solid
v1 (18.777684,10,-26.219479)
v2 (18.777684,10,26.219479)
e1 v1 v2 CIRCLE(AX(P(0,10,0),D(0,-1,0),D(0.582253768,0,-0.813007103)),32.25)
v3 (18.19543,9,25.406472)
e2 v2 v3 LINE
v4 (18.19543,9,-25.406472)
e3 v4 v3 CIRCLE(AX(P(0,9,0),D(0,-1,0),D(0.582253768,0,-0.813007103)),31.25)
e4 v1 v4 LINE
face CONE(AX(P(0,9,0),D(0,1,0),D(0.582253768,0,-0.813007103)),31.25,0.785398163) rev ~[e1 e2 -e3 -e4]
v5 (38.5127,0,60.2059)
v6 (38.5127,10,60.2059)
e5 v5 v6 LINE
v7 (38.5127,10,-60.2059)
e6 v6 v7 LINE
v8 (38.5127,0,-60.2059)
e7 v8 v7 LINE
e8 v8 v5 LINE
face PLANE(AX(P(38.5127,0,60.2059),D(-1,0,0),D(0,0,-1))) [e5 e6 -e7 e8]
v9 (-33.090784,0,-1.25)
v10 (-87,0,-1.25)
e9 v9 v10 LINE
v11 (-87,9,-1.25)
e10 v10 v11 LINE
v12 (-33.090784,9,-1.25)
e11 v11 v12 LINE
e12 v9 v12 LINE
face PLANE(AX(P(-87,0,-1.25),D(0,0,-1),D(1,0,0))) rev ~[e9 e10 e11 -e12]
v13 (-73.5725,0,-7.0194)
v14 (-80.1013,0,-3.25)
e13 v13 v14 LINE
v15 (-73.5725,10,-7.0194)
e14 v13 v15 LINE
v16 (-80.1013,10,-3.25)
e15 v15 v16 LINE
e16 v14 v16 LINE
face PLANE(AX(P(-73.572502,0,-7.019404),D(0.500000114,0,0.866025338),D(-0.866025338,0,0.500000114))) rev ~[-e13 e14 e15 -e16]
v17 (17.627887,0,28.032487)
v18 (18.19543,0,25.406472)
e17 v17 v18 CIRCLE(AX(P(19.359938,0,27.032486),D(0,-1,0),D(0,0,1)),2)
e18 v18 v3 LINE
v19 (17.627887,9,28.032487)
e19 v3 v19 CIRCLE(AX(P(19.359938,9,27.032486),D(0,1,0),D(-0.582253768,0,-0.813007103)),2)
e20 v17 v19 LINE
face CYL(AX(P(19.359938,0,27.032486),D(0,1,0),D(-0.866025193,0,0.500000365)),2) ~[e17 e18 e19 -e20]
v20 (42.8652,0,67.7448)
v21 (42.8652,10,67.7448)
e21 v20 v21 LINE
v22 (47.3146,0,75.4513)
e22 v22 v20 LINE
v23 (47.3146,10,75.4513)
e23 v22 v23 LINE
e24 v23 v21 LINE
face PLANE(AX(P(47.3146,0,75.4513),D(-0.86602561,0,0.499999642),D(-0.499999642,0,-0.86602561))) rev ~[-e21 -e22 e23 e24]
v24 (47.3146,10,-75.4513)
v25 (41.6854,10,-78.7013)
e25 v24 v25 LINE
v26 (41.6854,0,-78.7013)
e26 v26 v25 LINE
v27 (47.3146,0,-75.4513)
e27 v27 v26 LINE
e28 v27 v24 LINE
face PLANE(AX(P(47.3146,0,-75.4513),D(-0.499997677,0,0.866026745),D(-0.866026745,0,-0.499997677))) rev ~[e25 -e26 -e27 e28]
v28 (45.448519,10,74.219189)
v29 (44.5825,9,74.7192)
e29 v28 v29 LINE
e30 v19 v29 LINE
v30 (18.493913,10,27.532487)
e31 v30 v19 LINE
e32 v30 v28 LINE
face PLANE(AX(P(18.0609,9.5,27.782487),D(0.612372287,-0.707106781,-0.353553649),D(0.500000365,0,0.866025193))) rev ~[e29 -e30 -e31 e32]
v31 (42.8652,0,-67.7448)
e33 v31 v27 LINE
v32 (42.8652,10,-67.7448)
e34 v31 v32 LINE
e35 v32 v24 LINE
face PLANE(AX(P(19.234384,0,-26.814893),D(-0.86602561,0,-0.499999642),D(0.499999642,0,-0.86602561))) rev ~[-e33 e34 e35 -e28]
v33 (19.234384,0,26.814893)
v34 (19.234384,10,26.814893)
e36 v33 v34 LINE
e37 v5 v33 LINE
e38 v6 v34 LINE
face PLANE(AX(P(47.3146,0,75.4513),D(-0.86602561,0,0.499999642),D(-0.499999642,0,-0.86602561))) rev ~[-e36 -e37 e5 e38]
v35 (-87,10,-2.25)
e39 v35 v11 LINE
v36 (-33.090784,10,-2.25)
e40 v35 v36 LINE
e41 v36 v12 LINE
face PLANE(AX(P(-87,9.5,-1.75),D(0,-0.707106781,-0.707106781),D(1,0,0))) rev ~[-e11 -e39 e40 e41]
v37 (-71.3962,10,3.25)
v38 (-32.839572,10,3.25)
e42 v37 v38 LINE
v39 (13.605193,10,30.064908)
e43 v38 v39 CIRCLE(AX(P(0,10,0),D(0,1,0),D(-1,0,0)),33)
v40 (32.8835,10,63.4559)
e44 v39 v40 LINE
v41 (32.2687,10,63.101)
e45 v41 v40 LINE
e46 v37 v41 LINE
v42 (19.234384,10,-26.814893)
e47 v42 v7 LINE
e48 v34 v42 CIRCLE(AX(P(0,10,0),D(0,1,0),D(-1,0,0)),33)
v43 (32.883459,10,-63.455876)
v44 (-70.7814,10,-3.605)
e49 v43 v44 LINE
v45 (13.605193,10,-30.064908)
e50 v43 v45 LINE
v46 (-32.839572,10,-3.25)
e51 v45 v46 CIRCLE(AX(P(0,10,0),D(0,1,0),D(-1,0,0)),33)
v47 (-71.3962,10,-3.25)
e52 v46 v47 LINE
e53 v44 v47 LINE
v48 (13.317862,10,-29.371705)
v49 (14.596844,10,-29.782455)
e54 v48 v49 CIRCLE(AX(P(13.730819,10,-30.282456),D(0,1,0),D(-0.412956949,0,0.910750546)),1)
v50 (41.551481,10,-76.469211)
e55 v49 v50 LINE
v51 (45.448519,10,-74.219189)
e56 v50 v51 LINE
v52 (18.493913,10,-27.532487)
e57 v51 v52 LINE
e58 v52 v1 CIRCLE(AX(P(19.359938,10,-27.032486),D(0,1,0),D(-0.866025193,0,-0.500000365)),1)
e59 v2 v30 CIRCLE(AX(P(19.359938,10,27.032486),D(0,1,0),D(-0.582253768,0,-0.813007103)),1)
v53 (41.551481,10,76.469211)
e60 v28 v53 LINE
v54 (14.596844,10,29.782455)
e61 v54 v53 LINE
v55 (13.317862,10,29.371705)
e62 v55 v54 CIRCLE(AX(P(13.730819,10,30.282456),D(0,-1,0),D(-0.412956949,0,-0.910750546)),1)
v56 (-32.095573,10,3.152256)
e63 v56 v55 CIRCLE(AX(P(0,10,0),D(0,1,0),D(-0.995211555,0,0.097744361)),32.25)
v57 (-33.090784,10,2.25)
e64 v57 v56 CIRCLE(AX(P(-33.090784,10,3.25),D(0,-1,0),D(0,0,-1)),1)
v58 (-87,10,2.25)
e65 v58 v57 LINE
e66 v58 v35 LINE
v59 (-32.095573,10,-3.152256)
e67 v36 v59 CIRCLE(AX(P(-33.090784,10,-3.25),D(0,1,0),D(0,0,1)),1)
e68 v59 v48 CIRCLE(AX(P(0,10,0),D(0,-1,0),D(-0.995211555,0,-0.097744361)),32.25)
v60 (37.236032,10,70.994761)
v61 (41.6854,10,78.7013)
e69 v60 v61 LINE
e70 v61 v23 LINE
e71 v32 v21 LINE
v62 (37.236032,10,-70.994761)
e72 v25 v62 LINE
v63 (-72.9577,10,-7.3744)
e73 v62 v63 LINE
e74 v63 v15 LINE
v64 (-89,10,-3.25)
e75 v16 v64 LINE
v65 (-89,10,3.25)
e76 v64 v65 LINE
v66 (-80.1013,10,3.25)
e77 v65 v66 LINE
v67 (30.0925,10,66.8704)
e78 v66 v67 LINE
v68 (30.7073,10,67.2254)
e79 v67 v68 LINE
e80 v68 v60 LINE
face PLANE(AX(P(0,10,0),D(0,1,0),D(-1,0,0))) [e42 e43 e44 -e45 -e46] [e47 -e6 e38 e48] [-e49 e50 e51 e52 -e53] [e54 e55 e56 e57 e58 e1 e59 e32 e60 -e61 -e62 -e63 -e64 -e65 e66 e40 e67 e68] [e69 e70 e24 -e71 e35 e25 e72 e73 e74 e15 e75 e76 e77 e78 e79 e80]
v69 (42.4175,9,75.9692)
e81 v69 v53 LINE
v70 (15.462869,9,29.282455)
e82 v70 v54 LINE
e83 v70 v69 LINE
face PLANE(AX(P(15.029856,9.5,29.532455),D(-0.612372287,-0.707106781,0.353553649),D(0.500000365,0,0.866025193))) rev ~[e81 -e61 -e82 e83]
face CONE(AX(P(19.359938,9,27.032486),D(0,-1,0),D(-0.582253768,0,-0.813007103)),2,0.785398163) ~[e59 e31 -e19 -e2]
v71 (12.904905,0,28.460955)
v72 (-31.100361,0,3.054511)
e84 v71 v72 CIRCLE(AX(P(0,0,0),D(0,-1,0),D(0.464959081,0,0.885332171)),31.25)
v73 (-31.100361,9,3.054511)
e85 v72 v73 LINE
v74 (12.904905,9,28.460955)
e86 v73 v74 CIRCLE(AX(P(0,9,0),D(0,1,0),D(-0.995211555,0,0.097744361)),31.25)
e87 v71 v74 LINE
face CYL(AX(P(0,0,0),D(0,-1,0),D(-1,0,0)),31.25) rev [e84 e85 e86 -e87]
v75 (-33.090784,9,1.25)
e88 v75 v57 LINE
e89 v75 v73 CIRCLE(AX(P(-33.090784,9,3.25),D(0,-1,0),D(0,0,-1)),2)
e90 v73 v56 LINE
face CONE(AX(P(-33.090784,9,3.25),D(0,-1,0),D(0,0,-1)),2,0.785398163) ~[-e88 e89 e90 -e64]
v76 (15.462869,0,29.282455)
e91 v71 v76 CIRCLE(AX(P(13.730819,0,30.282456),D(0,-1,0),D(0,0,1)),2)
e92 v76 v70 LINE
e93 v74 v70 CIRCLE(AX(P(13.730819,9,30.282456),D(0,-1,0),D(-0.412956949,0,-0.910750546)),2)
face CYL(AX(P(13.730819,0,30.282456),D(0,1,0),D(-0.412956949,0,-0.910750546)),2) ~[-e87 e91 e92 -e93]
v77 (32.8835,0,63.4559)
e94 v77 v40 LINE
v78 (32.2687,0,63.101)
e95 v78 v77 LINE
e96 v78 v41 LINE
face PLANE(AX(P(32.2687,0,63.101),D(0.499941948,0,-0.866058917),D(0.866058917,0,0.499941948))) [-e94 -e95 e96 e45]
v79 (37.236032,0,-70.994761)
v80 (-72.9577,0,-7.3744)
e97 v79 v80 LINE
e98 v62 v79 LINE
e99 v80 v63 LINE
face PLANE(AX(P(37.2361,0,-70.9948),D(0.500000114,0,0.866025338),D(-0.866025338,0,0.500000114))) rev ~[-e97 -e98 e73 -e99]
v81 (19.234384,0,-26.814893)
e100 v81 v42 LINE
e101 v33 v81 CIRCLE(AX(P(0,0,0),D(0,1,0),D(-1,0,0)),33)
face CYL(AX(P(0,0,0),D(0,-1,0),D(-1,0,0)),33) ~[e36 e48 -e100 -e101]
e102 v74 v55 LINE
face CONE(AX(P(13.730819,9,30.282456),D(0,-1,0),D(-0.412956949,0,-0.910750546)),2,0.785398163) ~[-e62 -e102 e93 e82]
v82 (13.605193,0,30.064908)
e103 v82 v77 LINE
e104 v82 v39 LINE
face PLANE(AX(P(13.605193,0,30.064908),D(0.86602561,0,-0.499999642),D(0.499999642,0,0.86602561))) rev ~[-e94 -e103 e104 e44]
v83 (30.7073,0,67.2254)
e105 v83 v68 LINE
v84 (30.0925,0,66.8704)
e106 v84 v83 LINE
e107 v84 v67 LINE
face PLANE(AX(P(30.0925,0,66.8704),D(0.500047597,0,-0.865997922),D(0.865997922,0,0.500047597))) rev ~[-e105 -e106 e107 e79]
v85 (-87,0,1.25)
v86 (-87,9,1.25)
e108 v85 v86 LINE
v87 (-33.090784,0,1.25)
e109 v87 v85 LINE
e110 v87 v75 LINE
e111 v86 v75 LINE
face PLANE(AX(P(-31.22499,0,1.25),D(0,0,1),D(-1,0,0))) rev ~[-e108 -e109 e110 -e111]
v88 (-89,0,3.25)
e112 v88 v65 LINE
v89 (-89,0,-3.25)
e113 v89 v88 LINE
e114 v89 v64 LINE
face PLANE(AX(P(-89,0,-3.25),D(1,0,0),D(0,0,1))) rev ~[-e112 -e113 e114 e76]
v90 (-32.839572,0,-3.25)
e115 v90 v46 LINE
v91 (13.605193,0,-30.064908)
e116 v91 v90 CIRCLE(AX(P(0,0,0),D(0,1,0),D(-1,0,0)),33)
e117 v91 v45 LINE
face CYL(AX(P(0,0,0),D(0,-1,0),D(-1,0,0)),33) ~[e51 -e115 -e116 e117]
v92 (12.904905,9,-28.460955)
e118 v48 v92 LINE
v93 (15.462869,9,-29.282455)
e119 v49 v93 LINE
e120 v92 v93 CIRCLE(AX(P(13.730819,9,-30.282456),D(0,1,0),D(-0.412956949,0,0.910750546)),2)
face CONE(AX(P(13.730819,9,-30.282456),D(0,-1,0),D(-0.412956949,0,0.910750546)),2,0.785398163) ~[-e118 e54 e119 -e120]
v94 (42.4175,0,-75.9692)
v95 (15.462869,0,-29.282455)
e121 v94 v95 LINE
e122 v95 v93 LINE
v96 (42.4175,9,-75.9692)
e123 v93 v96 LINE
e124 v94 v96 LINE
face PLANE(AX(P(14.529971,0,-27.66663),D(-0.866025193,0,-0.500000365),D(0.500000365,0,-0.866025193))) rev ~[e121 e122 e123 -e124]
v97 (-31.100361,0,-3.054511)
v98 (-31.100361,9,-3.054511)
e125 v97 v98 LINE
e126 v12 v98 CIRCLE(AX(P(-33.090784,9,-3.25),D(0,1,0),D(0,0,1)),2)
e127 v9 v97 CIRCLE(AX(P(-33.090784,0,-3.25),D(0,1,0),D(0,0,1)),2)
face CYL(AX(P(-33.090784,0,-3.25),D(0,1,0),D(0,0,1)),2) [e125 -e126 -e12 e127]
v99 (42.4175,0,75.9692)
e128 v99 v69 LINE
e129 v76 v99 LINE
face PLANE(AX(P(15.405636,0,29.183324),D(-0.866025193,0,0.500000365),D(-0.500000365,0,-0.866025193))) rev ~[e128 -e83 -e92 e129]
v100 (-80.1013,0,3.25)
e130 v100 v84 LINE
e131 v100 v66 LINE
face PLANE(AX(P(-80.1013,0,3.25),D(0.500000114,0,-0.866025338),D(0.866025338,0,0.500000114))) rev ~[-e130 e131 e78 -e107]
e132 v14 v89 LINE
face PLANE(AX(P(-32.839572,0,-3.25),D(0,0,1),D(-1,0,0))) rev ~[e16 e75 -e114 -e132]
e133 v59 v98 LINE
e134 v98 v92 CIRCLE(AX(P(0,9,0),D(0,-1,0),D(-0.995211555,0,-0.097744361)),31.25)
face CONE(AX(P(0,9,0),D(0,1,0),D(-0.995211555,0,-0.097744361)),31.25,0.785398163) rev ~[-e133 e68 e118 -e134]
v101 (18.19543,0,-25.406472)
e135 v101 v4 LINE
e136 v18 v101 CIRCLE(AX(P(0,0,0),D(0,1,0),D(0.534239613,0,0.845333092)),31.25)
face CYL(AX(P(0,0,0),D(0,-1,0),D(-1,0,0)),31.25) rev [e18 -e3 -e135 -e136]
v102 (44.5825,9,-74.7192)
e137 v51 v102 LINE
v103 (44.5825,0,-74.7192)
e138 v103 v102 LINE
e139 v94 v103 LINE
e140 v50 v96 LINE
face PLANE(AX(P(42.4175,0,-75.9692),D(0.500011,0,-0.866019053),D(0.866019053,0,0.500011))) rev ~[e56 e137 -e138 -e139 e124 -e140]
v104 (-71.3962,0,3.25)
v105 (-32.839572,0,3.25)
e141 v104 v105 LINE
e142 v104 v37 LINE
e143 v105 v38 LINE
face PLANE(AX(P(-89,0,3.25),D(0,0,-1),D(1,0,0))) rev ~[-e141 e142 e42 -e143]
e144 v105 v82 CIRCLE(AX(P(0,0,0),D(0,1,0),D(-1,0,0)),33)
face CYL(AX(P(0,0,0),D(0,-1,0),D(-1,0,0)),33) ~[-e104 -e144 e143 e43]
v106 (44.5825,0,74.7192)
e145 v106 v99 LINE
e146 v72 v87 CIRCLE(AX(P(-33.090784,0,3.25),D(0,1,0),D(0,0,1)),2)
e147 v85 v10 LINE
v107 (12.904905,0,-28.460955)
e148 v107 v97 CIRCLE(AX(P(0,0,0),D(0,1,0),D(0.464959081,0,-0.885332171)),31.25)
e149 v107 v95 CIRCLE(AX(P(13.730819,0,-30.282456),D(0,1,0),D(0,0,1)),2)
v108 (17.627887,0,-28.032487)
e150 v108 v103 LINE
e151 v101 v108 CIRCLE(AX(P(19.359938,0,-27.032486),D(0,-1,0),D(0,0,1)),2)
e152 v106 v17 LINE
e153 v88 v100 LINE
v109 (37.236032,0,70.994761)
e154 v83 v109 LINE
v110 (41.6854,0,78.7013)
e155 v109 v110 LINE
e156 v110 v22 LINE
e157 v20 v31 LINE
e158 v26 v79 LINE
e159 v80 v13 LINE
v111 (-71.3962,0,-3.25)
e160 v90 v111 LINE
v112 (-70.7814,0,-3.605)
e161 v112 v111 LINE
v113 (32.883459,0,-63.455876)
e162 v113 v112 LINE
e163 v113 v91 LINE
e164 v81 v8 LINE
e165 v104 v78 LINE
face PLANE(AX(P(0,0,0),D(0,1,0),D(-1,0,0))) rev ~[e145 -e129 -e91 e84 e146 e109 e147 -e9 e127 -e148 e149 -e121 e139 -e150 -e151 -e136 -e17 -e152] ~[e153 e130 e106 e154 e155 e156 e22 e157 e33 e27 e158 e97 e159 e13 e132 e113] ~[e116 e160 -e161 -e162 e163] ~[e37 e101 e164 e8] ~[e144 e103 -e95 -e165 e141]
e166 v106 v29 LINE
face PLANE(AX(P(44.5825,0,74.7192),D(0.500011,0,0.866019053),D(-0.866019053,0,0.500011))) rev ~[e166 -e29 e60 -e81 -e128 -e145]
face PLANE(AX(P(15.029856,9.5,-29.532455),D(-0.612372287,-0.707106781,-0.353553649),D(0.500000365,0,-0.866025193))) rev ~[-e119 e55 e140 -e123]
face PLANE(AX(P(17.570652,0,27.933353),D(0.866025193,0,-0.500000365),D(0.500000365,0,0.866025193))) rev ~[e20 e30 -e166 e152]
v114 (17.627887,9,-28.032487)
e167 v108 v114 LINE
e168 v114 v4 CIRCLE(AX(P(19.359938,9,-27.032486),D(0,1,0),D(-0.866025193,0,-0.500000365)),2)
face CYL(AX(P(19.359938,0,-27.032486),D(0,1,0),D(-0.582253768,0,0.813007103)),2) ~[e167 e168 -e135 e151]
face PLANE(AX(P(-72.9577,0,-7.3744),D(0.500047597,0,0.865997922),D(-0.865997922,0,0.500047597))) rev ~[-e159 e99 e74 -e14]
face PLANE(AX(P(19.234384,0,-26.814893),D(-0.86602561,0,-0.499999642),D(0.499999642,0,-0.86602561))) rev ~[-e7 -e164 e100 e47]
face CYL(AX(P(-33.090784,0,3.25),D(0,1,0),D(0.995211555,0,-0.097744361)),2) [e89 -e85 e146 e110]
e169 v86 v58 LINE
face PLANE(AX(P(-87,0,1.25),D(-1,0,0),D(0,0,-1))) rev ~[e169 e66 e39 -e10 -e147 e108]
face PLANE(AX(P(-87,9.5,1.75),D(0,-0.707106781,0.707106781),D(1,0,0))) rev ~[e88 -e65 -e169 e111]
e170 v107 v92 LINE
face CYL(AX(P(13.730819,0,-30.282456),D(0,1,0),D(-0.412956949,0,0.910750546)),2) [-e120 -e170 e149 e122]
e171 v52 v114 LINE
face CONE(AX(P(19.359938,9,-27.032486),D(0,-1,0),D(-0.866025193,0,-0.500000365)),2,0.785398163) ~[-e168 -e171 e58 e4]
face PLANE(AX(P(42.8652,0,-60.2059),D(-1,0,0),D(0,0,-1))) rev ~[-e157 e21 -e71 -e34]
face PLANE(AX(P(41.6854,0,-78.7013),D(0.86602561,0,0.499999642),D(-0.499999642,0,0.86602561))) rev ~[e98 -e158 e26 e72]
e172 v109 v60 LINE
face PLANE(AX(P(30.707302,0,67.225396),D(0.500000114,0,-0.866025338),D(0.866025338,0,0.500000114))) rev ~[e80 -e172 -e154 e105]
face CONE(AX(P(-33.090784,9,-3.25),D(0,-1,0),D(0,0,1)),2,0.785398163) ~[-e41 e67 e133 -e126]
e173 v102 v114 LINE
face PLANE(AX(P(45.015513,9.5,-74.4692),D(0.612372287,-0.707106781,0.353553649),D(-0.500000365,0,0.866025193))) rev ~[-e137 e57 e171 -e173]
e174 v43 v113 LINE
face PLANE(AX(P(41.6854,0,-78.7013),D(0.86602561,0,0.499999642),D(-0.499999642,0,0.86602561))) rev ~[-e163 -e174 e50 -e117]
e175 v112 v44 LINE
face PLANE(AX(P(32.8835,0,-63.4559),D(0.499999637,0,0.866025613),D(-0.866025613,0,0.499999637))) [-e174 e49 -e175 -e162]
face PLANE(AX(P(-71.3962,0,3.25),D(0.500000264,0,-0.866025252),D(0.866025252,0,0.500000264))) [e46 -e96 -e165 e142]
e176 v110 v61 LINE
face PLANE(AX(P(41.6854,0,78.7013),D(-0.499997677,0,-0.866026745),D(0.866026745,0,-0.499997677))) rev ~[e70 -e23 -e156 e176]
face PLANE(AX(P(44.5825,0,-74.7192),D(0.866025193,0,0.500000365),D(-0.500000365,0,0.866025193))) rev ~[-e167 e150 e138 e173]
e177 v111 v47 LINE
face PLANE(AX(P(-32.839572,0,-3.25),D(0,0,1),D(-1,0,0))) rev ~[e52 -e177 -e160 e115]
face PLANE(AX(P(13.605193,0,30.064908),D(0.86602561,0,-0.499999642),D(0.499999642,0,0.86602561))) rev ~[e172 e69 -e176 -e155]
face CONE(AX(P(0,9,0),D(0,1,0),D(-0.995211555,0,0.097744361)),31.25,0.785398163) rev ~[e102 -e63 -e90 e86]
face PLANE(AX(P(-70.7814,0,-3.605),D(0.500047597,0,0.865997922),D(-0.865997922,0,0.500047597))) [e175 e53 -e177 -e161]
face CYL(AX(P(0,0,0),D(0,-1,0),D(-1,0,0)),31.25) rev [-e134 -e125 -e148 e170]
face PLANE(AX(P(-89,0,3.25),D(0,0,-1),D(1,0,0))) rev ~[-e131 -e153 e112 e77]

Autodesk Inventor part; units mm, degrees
ref_plane "YZ Plane" through (0, 0, 0) normal (1, 0, 0) x (0, 1, 0)
ref_plane "XZ Plane" through (0, 0, 0) normal (0, 1, 0) x (-1, 0, 0)
ref_plane "XY Plane" through (0, 0, 0) normal (0, 0, 1) x (1, 0, 0)
sketch "Skizze1" plane through (0, 0, 0) normal (0, 1, 0) x (-1, 0, 0)
  circle A0 centre (0, 0) radius 31.25
  circle A1 centre (0, 0) radius 33
  line L0 (0, 109.2005) -> (0, -98.3382) construction
  line L1 (65.6021, 0) -> (-69.7309, 0) construction
  line L2 (-37.5074, 64.9647) -> (55.9703, -96.9435) construction
  line L3 (-38.0847, -65.9646) -> (43.9559, 76.1338) construction
  line L4 (30, 1.25) -> (87, 1.25)
  line L5 (87, 1.25) -> (87, -1.25)
  line L6 (87, -1.25) -> (30, -1.25)
  line L7 (30, -1.25) -> (30, 1.25)
  line L8 (28, -3.25) -> (89, -3.25)
  line L9 (89, -3.25) -> (89, 3.25)
  line L10 (89, 3.25) -> (28, 3.25)
  line L11 (28, 3.25) -> (28, -3.25)
  line L12 (-16.0825, 25.3558) -> (-44.5825, 74.7192)
  line L13 (-42.4175, 75.9692) -> (-13.9175, 26.6058)
  line L14 (-11.1854, 25.8737) -> (-41.6854, 78.7013)
  line L15 (-47.3146, 75.4513) -> (-16.8146, 22.6237)
  line L16 (-44.5825, 74.7192) -> (-42.4175, 75.9692)
  line L17 (-41.6854, 78.7013) -> (-47.3146, 75.4513)
  line L18 (-13.9175, 26.6058) -> (-16.0825, 25.3558)
  line L19 (-16.8146, 22.6237) -> (-11.1854, 25.8737)
  line L20 (-13.9175, -26.6058) -> (-42.4175, -75.9692)
  line L21 (-44.5825, -74.7192) -> (-16.0825, -25.3558)
  line L22 (-16.8146, -22.6237) -> (-47.3146, -75.4513)
  line L23 (-41.6854, -78.7013) -> (-11.1854, -25.8737)
  line L24 (-42.4175, -75.9692) -> (-44.5825, -74.7192)
  line L25 (-47.3146, -75.4513) -> (-41.6854, -78.7013)
  line L26 (-16.0825, -25.3558) -> (-13.9175, -26.6058)
  line L27 (-11.1854, -25.8737) -> (-16.8146, -22.6237)
  point P0 (-32.8011, 56.8131)
  point P1 (-32.8011, -56.8131)
  point P2 (32.8396, -3.25)
  point P3 (32.8396, 3.25)
  point P4 (-13.6052, 30.0649)
  point P5 (-19.2344, 26.8149)
  point P6 (-19.2344, -26.8149)
  point P7 (-13.6052, -30.0649)
  point P8 (31.225, -1.25)
  point P9 (-14.53, -27.6666)
  point P10 (-16.695, -26.4166)
  point P11 (-16.695, 26.4166)
  point P12 (-14.53, 27.6666)
  point P13 (31.225, 1.25)
  dimension "d0" = 62.5
  dimension "d1" = 66
  dimension "d2" = 120
  dimension "d3" = 120
  dimension "d4" = 2.5
  dimension "d5" = 2
  dimension "d6" = 57
  dimension "d7" = 30
  dimension "d10" = 360
extrude "Extrusion1" add sketch "Skizze1" along normal blind 10 contours A0 L10 A1 L4 | L6 A1 L8 A0 | A0 L14 A1 L10 | A1 L10 L9 L8 L6 L5 L4 | L8 A1 L23 A0 | A0 L13 A1 L14 | L23 A1 L20 A0 | A1 L13 L16 L12 L15 L17 L14 | L23 L25 L22 A1 L21 L24 L20 | A0 L15 A1 L12 | L21 A1 L22 A0 | A0 L22 A1 L15
fillet "Rundung1" radius 2 6 edges at (-31.225, 5, -1.25) (-31.225, 5, 1.25) (14.53, 5, 27.6666) (16.695, 5, 26.4166) (16.695, 5, -26.4166) (14.53, 5, -27.6666)
chamfer "Fase1" distance 1 angle 45 15 edges at (-15.625, 10, -27.0633) (14.3424, 10, -28.3783) (28.9402, 10, -52.6258) (-31.7475, 10, -1.7683) (-60.0454, 10, -1.25) (31.25, 10, 0) (17.4051, 10, 26.61) (31.1052, 10, 51.3758) (17.4051, 10, -26.61) (31.1052, 10, -51.3758) (-15.625, 10, 27.0633) (-31.7475, 10, 1.7683) (-60.0454, 10, 1.25) (14.3424, 10, 28.3783) (28.9402, 10, 52.6258)
sketch "Skizze2" plane through (0, 0, 0) normal (0, 1, 0) x (-1, 0, 0)
  line L0 (-47.3146, 75.4513) -> (-19.2344, 26.8149) projected
  line L1 (-38.5127, 60.2059) -> (-38.5127, -59.496)
  line L2 (-38.5127, -59.496) -> (-38.5127, -60.2059)
  line L3 (-19.2344, -26.8149) -> (-47.3146, -75.4513) projected
  line L4 (-42.8652, 67.7448) -> (-42.8652, -67.7448)
  line L5 (-42.8652, -59.496) -> (-42.8652, -60.2059)
  line L6 (-38.5127, 60.2059) -> (-42.8652, 67.7448)
  line L7 (-38.4567, -60.109) -> (-42.8652, -67.7448)
  line L8 (-32.8835, -63.4559) -> (70.7814, -3.605)
  line L9 (70.7814, -3.605) -> (71.3962, -3.25)
  line L10 (-37.2361, -70.9948) -> (80.1013, -3.25)
  line L11 (72.9577, -7.3744) -> (73.5725, -7.0194)
  line L12 (-32.8835, -63.4559) -> (-37.2361, -70.9948)
  line L13 (71.2843, -3.25) -> (80.1013, -3.25)
  line L14 (71.3962, 3.25) -> (-32.2687, 63.101)
  line L15 (-32.2687, 63.101) -> (-32.8835, 63.4559)
  line L16 (80.1013, 3.25) -> (-37.2361, 70.9948)
  line L17 (-30.0925, 66.8704) -> (-30.7073, 67.2254)
  line L18 (71.3962, 3.25) -> (80.1013, 3.25)
  line L19 (-32.8276, 63.359) -> (-37.2361, 70.9948)
  point P0 (0, 0)
  point P1 (-41.6854, -78.7013)
  point P2 (-13.6052, -30.0649)
  point P3 (32.8396, -3.25)
  point P4 (89, -3.25)
  point P5 (89, 3.25)
  point P6 (32.8396, 3.25)
  point P7 (-13.6052, 30.0649)
  point P8 (-41.6854, 78.7013)
  dimension "d20" = 360
extrude "Extrusion2" add sketch "Skizze2" along normal blind 10
properties part number "_3D-Druck"
